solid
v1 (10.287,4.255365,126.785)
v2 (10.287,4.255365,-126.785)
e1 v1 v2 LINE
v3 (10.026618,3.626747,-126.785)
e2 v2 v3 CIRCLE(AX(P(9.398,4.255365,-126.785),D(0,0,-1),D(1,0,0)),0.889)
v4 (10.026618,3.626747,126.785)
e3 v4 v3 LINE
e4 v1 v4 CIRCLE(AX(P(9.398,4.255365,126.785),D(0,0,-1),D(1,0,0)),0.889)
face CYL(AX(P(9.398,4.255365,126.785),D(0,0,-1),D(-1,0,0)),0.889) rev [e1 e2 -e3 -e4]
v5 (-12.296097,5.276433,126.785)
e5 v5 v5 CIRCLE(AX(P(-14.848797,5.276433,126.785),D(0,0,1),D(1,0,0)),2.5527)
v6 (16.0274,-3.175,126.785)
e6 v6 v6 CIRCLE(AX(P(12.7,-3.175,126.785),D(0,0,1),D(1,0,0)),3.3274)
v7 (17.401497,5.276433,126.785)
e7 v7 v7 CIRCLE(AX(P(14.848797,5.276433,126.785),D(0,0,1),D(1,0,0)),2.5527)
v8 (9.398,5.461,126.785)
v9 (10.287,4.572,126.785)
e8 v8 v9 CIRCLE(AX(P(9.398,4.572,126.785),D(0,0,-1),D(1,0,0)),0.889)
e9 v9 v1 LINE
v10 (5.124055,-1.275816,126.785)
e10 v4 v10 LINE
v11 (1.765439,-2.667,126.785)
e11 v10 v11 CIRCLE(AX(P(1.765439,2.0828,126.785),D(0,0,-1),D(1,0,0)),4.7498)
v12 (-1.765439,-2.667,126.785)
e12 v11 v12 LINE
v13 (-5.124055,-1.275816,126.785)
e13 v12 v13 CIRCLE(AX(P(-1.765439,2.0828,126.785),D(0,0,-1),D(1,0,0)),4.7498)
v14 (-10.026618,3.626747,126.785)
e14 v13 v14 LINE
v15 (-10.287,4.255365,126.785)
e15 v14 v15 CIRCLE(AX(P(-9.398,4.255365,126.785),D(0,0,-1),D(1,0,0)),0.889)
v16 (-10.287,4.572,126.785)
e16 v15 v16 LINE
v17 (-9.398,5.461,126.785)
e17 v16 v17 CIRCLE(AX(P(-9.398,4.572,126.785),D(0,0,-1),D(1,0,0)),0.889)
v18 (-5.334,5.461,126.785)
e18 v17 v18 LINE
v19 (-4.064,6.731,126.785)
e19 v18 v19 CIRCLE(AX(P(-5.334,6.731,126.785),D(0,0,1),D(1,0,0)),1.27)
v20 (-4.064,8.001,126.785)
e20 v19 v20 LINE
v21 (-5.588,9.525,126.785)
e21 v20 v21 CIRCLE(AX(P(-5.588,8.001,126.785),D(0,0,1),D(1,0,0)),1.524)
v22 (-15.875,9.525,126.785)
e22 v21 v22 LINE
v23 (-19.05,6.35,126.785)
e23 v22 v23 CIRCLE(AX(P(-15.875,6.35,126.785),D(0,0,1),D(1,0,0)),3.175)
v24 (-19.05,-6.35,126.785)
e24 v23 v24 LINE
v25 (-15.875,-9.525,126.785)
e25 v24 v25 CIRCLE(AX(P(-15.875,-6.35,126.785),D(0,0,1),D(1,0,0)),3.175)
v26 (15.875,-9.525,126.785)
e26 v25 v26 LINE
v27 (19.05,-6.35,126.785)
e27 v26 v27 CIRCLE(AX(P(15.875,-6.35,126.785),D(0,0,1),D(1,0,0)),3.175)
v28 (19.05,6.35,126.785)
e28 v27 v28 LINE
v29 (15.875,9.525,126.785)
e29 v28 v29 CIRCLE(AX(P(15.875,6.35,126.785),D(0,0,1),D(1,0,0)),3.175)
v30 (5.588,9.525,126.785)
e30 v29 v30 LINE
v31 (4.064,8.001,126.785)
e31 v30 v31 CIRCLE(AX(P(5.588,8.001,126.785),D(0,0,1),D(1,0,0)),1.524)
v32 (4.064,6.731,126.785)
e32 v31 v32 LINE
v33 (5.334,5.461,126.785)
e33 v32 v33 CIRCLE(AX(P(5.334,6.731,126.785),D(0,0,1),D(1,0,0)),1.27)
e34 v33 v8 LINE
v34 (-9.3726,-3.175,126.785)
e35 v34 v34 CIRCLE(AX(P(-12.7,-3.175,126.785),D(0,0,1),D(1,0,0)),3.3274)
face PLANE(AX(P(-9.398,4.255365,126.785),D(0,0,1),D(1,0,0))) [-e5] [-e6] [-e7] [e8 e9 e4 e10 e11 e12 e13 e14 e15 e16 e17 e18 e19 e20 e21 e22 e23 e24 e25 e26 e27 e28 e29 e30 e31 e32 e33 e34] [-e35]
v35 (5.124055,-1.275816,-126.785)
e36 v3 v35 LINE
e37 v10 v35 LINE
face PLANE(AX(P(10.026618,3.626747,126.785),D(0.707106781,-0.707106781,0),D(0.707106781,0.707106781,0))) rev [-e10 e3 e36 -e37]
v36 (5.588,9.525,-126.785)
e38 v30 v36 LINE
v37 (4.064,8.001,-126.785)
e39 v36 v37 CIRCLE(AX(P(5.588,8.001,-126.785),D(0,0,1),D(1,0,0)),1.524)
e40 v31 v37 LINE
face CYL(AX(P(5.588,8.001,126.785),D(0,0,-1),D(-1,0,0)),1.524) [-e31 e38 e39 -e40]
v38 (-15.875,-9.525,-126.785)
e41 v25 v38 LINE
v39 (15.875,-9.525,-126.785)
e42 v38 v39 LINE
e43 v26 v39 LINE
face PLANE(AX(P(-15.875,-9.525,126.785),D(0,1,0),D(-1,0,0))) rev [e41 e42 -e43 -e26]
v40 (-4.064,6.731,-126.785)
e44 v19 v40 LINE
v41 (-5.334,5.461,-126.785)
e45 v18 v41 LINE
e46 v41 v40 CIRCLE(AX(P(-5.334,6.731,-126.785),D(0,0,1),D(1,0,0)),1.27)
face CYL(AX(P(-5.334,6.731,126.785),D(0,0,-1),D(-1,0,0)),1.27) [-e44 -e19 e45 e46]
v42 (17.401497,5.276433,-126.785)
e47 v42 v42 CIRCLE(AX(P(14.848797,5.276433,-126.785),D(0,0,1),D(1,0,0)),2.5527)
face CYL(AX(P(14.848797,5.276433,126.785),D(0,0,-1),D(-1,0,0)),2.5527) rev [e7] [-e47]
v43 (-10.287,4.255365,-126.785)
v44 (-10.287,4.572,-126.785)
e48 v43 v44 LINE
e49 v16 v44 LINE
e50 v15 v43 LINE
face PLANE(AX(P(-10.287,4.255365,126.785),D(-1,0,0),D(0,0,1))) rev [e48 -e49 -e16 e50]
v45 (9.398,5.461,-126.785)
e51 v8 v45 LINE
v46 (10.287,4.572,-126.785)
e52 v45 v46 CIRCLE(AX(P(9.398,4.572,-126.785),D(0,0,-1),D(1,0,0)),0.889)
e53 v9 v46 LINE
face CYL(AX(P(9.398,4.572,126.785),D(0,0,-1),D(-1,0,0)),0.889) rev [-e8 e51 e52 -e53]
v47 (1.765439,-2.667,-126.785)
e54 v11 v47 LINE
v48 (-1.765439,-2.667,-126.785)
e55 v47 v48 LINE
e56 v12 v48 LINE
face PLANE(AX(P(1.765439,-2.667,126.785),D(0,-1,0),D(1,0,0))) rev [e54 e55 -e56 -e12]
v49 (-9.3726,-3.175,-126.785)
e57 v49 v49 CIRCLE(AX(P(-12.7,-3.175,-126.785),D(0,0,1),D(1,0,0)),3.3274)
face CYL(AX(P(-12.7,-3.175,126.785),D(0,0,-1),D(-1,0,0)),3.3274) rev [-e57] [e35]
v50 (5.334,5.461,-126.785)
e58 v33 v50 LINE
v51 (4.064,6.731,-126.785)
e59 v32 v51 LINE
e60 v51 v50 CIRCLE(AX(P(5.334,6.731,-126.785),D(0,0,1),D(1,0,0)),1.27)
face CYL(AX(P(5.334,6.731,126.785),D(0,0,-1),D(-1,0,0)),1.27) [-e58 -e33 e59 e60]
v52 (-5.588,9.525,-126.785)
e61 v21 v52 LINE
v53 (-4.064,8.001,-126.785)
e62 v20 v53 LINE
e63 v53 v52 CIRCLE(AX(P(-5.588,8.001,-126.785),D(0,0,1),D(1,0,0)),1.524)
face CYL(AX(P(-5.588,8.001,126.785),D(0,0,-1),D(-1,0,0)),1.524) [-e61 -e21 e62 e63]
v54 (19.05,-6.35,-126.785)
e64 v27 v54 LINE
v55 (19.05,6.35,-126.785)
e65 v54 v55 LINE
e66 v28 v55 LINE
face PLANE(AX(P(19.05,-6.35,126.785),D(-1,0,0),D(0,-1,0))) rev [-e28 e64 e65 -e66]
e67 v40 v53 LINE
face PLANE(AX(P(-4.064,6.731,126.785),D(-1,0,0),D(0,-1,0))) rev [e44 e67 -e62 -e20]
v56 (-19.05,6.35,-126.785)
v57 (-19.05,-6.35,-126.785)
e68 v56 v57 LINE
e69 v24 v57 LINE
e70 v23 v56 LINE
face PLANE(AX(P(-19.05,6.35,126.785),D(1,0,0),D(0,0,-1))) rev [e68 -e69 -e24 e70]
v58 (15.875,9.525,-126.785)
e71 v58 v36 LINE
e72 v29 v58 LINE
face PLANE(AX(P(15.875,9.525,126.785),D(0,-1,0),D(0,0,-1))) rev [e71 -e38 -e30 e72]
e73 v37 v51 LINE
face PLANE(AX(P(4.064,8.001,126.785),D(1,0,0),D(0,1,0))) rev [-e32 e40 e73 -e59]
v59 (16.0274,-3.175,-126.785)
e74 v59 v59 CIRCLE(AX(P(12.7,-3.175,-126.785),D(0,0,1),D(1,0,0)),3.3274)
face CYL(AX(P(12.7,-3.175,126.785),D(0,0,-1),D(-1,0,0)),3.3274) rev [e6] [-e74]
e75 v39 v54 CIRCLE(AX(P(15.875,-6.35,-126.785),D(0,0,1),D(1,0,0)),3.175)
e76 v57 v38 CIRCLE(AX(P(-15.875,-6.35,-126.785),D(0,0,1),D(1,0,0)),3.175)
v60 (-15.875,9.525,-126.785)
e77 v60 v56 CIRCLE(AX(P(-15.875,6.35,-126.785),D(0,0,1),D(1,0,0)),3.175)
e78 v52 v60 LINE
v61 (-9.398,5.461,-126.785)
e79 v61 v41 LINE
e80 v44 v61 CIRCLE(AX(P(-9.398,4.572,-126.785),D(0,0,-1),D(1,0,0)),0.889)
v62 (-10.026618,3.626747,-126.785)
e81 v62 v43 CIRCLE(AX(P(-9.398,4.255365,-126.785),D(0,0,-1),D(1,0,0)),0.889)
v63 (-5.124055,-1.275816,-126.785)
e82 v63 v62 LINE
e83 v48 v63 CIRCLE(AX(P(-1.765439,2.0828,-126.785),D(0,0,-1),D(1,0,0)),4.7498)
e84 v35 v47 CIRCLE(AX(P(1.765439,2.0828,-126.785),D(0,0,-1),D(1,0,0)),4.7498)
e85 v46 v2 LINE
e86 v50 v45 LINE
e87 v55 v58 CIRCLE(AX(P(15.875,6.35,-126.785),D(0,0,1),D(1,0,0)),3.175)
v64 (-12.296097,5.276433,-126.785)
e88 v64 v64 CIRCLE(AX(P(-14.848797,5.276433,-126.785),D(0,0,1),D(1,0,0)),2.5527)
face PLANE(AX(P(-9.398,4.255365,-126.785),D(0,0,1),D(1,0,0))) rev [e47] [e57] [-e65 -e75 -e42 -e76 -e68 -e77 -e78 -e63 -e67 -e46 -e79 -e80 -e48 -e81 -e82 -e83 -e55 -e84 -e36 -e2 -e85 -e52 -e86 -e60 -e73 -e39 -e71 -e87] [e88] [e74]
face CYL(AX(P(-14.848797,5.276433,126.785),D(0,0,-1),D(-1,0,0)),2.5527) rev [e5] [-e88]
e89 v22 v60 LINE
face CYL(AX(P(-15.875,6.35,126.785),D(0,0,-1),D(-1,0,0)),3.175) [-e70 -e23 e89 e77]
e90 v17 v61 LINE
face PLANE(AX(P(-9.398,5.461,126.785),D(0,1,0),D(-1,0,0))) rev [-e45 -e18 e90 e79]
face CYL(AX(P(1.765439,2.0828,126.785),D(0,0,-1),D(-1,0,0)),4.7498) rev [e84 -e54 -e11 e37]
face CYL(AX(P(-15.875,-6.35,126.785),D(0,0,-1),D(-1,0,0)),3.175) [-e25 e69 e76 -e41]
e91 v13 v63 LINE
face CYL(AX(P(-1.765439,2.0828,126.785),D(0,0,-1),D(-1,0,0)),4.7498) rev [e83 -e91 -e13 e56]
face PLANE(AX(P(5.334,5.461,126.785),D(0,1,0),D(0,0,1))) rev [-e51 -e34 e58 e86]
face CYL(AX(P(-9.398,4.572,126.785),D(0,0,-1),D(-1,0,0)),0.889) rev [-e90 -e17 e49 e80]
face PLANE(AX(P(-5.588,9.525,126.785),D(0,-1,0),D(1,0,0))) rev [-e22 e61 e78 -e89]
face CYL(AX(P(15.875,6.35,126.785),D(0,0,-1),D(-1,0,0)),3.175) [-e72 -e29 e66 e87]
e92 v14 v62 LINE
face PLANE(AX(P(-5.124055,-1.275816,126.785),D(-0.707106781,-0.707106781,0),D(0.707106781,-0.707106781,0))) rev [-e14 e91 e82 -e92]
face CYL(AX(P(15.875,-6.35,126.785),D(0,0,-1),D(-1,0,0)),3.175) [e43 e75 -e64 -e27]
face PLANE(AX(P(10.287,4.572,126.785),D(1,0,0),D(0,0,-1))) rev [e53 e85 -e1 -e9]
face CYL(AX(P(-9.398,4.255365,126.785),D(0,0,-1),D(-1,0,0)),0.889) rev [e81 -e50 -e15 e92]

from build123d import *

# Parameters (mm, degrees)
SKETCH2_R           = 2.5527
SKETCH2_R_2         = 3.3274
BOSS_EXTRUDE1_DEPTH = 126.785


with BuildPart() as part:
    # Sketch2 → Boss-Extrude1 (new, symmetric)
    with BuildSketch(Plane.XY):
        with BuildLine():
            Line((-10.287, 4.255364987), (-10.287, 4.572))
            ThreePointArc((-10.287, 4.572), (-10.026617928, 5.200617928), (-9.398, 5.461))
            Line((-9.398, 5.461), (-5.334, 5.461))
            ThreePointArc((-5.334, 5.461), (-4.435974388, 5.832974388), (-4.064, 6.731))
            Line((-4.064, 6.731), (-4.064, 8.001))
            ThreePointArc((-4.064, 8.001), (-4.510369265, 9.078630735), (-5.588, 9.525))
            Line((-5.588, 9.525), (-15.875, 9.525))
            ThreePointArc((-15.875, 9.525), (-18.12006403, 8.59506403), (-19.05, 6.35))
            Line((-19.05, 6.35), (-19.05, -6.35))
            ThreePointArc((-19.05, -6.35), (-18.12006403, -8.59506403), (-15.875, -9.525))
            Line((-15.875, -9.525), (15.875, -9.525))
            ThreePointArc((15.875, -9.525), (18.12006403, -8.59506403), (19.05, -6.35))
            Line((19.05, -6.35), (19.05, 6.35))
            ThreePointArc((19.05, 6.35), (18.12006403, 8.59506403), (15.875, 9.525))
            Line((15.875, 9.525), (5.588, 9.525))
            ThreePointArc((5.588, 9.525), (4.510369265, 9.078630735), (4.064, 8.001))
            Line((4.064, 8.001), (4.064, 6.731))
            ThreePointArc((4.064, 6.731), (4.435974388, 5.832974388), (5.334, 5.461))
            Line((5.334, 5.461), (9.398, 5.461))
            ThreePointArc((9.398, 5.461), (10.026617928, 5.200617928), (10.287, 4.572))
            Line((10.287, 4.572), (10.287, 4.255364987))
            ThreePointArc((10.287, 4.255364987), (10.219328904, 3.915159416), (10.026617928, 3.626747059))
            Line((10.026617928, 3.626747059), (5.124055081, -1.275815789))
            ThreePointArc((5.124055081, -1.275815789), (3.583109058, -2.305443004), (1.765439291, -2.667))
            Line((1.765439291, -2.667), (-1.765439291, -2.667))
            ThreePointArc((-1.765439291, -2.667), (-3.583109058, -2.305443004), (-5.124055081, -1.275815789))
            Line((-5.124055081, -1.275815789), (-10.026617928, 3.626747059))
            ThreePointArc((-10.026617928, 3.626747059), (-10.219328904, 3.915159416), (-10.287, 4.255364987))
        make_face()
        with Locations((-14.848796959, 5.276432773)):
            Circle(SKETCH2_R, mode=Mode.SUBTRACT)
        with Locations((-12.7, -3.175)):
            Circle(SKETCH2_R_2, mode=Mode.SUBTRACT)
        with Locations((12.7, -3.175)):
            Circle(SKETCH2_R_2, mode=Mode.SUBTRACT)
        with Locations((14.848796959, 5.276432773)):
            Circle(SKETCH2_R, mode=Mode.SUBTRACT)
    extrude(amount=BOSS_EXTRUDE1_DEPTH, both=True)


solid = part.part
